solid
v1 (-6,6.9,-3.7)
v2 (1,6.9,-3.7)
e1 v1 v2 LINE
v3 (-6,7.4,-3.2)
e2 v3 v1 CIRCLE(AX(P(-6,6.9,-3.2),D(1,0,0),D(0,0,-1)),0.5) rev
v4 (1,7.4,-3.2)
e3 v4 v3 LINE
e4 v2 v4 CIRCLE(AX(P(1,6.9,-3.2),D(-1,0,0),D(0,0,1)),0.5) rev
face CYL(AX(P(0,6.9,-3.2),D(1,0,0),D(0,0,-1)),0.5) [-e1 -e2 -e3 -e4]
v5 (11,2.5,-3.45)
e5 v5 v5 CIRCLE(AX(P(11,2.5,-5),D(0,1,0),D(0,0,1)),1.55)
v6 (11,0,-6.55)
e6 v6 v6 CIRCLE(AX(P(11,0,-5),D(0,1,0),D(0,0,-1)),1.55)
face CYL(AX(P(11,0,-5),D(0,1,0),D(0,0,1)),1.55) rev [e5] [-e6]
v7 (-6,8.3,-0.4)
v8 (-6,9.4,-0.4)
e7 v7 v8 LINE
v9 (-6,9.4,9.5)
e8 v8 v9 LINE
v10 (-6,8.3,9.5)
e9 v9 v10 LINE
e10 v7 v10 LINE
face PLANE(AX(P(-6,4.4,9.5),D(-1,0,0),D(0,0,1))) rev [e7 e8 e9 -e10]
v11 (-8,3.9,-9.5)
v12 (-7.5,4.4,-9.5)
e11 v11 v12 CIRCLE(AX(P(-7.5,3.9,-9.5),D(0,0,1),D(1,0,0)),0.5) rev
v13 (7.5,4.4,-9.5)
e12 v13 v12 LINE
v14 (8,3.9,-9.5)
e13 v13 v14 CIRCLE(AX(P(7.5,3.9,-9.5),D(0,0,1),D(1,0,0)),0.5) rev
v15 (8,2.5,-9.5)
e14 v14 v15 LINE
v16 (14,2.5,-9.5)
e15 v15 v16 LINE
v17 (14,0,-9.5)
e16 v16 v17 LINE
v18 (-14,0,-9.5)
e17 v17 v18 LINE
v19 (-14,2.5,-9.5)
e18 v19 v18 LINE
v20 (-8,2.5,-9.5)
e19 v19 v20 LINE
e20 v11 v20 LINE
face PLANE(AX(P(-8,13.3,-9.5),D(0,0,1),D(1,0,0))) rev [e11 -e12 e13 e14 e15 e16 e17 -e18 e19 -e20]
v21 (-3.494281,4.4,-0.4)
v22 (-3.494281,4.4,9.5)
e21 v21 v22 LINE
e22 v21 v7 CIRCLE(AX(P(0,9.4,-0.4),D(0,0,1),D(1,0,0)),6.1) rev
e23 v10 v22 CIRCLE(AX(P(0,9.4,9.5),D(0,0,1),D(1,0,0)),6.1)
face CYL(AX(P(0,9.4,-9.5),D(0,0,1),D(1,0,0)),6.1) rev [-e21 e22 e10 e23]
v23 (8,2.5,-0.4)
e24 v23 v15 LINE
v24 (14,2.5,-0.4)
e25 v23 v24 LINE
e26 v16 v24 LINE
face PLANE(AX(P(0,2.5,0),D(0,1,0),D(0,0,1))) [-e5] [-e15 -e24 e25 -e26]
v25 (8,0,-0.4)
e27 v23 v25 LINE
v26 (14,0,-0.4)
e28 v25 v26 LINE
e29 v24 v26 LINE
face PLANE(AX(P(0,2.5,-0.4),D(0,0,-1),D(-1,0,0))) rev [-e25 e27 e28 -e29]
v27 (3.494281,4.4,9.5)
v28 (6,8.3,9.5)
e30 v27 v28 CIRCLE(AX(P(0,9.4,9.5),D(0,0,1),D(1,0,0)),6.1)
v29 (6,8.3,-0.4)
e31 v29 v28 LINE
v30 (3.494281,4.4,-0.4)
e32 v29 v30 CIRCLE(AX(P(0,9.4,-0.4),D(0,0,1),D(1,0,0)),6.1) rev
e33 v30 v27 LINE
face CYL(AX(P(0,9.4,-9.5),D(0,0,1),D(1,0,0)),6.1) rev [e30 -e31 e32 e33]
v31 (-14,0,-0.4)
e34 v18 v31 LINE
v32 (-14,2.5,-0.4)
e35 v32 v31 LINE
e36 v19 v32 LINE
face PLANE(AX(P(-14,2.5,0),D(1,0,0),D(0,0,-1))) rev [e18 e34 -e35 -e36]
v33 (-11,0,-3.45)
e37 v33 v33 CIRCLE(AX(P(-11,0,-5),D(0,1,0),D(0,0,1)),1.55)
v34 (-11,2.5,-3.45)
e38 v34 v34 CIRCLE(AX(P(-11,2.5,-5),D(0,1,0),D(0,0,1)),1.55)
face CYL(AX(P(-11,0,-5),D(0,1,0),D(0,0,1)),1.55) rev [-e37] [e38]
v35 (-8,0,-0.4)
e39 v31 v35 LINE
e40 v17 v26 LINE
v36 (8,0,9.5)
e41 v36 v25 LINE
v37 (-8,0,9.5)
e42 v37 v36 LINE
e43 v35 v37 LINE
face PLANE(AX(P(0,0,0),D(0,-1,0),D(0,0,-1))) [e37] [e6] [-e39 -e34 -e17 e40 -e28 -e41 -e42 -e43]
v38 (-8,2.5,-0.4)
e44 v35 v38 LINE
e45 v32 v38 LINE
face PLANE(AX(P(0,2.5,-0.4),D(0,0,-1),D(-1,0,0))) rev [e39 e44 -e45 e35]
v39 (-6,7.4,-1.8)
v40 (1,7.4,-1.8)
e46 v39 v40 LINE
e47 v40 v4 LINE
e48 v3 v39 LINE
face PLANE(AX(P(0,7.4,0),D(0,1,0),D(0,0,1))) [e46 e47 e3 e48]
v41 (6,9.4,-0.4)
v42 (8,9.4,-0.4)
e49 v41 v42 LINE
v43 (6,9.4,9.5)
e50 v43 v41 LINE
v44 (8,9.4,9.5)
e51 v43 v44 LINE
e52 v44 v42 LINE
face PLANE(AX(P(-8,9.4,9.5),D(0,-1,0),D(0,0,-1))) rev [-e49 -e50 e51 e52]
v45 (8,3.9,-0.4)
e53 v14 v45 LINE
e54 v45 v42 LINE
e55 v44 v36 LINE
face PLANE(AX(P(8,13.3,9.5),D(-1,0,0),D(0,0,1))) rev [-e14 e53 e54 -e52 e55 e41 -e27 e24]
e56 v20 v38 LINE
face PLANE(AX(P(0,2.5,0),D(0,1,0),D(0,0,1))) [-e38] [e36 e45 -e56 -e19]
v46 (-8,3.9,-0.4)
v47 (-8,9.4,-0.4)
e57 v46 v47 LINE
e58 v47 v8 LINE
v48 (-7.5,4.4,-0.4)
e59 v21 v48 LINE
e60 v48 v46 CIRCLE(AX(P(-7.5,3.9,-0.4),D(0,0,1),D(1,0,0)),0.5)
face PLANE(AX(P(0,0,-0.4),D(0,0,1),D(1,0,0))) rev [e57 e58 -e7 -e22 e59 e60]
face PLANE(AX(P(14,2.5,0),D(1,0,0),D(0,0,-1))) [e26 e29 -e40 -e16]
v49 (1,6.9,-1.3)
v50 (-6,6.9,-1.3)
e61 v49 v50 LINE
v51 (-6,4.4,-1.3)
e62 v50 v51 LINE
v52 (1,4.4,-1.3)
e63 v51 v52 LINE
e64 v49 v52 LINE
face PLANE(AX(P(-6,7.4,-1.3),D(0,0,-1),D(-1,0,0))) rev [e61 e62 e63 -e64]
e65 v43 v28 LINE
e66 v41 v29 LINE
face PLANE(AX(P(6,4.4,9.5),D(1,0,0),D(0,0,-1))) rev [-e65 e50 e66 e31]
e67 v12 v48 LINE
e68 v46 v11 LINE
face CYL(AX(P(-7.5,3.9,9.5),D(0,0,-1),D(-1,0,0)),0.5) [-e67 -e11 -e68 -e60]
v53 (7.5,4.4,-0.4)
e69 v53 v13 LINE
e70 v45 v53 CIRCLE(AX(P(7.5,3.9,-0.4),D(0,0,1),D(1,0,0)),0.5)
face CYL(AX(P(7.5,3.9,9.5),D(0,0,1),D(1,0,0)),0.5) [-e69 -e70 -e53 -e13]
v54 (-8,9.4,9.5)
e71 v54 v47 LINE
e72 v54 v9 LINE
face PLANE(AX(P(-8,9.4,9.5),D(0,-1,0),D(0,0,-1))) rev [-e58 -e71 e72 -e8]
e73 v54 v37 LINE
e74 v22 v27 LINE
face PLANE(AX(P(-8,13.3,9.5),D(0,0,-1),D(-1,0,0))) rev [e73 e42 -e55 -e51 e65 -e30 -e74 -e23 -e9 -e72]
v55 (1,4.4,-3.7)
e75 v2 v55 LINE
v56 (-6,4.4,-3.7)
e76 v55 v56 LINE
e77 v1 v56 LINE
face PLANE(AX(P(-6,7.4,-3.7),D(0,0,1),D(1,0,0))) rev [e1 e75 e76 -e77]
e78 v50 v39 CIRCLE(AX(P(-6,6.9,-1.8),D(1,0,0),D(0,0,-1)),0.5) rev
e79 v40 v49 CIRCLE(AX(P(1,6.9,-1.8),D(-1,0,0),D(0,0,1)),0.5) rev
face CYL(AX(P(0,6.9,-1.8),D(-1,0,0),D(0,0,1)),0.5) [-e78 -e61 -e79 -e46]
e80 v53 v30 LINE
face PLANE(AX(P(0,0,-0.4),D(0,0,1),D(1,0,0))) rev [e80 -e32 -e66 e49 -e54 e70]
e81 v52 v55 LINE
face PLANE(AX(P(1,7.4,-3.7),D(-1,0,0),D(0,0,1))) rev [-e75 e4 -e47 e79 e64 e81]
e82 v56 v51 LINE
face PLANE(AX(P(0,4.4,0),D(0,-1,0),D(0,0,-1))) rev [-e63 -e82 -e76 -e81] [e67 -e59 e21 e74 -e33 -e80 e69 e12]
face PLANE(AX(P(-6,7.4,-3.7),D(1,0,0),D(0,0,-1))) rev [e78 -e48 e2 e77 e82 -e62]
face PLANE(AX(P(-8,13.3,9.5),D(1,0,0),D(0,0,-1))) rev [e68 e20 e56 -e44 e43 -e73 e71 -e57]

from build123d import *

# Parameters (mm, degrees)
SKETCH2_W                = 16
SKETCH2_H                = 19
BOSS_EXTRUDE1_DEPTH      = 13.3
SKETCH3_W                = 12
SKETCH3_H                = 19
CUT_EXTRUDE1_DEPTH       = 8.9
CUT_EXTRUDE2_DEPTH       = 19.19725254
CUT_EXTRUDE2_DEPTH_BACK  = 19.19725254
SKETCH4_W                = 9.9
SKETCH4_H                = 3.9
SKETCH6_W                = 14
SKETCH6_H                = 9.1
BOSS_EXTRUDE2_DEPTH      = 2.5
CUT_EXTRUDE4_DEPTH       = 21.072119968
CUT_EXTRUDE4_DEPTH_BACK  = 21.072119968
SKETCH7_R                = 1.55
BOSS_EXTRUDE3_DEPTH      = 9.5
BOSS_EXTRUDE3_DEPTH_BACK = 9.1
SKETCH14_W               = 12
SKETCH14_H               = 8.9
CUT_EXTRUDE9_DEPTH       = 22.520687721
CUT_EXTRUDE9_DEPTH_BACK  = 22.520687721
FILLET4_R                = 0.9
SKETCH16_W               = 16.145602647
SKETCH16_H               = 8.9
CUT_EXTRUDE10_DEPTH      = 9.1
SKETCH17_W               = 7
SKETCH17_H               = 2.4
BOSS_EXTRUDE4_DEPTH      = 3
FILLET6_R                = 0.5
FILLET7_R                = 0.5
FILLET8_R                = 0.5


with BuildPart() as part:
    # Sketch2 → Boss-Extrude1 (new body)
    with BuildSketch(Plane(origin=(0, 0, 0), x_dir=(1, 0, 0), z_dir=(0, 1, 0))):
        Rectangle(SKETCH2_W, SKETCH2_H)
    extrude(amount=BOSS_EXTRUDE1_DEPTH)

    # Sketch3 → Cut-Extrude1 (cut)
    with BuildSketch(Plane(origin=(0, 13.3, 0), x_dir=(1, 0, 0), z_dir=(0, 1, 0))):
        Rectangle(SKETCH3_W, SKETCH3_H)
    extrude(amount=-CUT_EXTRUDE1_DEPTH, mode=Mode.SUBTRACT)

    # Sketch4 → Cut-Extrude2 (cut, two sides: drawn at the far end of the back side and taken through both)
    with BuildSketch(Plane(origin=(0, 0, 0), x_dir=(0, 0, -1), z_dir=(1, 0, 0)).offset(-CUT_EXTRUDE2_DEPTH_BACK)):
        with Locations((-4.55, 11.35)):
            Rectangle(SKETCH4_W, SKETCH4_H)
    extrude(amount=CUT_EXTRUDE2_DEPTH + CUT_EXTRUDE2_DEPTH_BACK, mode=Mode.SUBTRACT)

    # Sketch6 → Boss-Extrude2 (add)
    with BuildSketch(Plane(origin=(0, 0, 0), x_dir=(1, 0, 0), z_dir=(0, 1, 0))):
        with Locations((7, 4.95)):
            Rectangle(SKETCH6_W, SKETCH6_H)
        with Locations((-7, 4.95)):
            Rectangle(SKETCH6_W, SKETCH6_H)
    extrude(amount=BOSS_EXTRUDE2_DEPTH)

    # Sketch7 → Cut-Extrude4 (cut, two sides: drawn at the far end of the back side and taken through both)
    with BuildSketch(Plane(origin=(0, 2.5, 0), x_dir=(1, 0, 0), z_dir=(0, 1, 0)).offset(-CUT_EXTRUDE4_DEPTH_BACK)):
        with Locations(Location((-11, 5, 0), (0, 0, 270))):
            Circle(SKETCH7_R)
        with Locations(Location((11, 5, 0), (0, 0, 270))):
            Circle(SKETCH7_R)
    extrude(amount=CUT_EXTRUDE4_DEPTH + CUT_EXTRUDE4_DEPTH_BACK, mode=Mode.SUBTRACT)

    # Sketch14 → Boss-Extrude3 (add, two sides: drawn at the far end of the back side and taken through both)
    with BuildSketch(Plane.XY.offset(-BOSS_EXTRUDE3_DEPTH_BACK)):
        with Locations((0, 8.85)):
            Rectangle(SKETCH14_W, SKETCH14_H)
    extrude(amount=BOSS_EXTRUDE3_DEPTH + BOSS_EXTRUDE3_DEPTH_BACK)

    # Sketch15 → Cut-Extrude9 (cut, two sides: drawn at the far end of the back side and taken through both)
    with BuildSketch(Plane.XY.offset(-CUT_EXTRUDE9_DEPTH_BACK)):
        with BuildLine():
            ThreePointArc((-6, 8.3), (-5.132040834, 6.102704612), (-3.494281042, 4.4))
            Line((-3.494281042, 4.4), (3.494281042, 4.4))
            ThreePointArc((3.494281042, 4.4), (5.132040834, 6.102704612), (6, 8.3))
            Line((6, 8.3), (6, 13.3))
            Line((6, 13.3), (-6, 13.3))
            Line((-6, 13.3), (-6, 8.3))
        make_face()
    extrude(amount=CUT_EXTRUDE9_DEPTH + CUT_EXTRUDE9_DEPTH_BACK, mode=Mode.SUBTRACT)

    # Fillet4
    fillet4_edges = [part.edges().sort_by_distance(p)[0] for p in [
        (-6, 4.4, -9.3),
        (6, 4.4, -9.3),
    ]]
    fillet(fillet4_edges, radius=FILLET4_R)

    # Sketch16 → Cut-Extrude10 (cut)
    with BuildSketch(Plane(origin=(0, 0, -9.5), x_dir=(-1, 0, 0), z_dir=(0, 0, -1))):
        with Locations((-0.072801324, 8.85)):
            Rectangle(SKETCH16_W, SKETCH16_H)
    extrude(amount=-CUT_EXTRUDE10_DEPTH, mode=Mode.SUBTRACT)

    # Sketch17 → Boss-Extrude4 (add)
    with BuildSketch(Plane(origin=(0, 4.4, 0), x_dir=(1, 0, 0), z_dir=(0, 1, 0))):
        with Locations((-2.5, 2.5)):
            Rectangle(SKETCH17_W, SKETCH17_H)
    extrude(amount=BOSS_EXTRUDE4_DEPTH)

    # Fillet6
    fillet6_edges = [part.edges().sort_by_distance(p)[0] for p in [
        (-2.5, 7.4, -3.7),
    ]]
    fillet(fillet6_edges, radius=FILLET6_R)

    # Fillet7
    fillet7_edges = [part.edges().sort_by_distance(p)[0] for p in [
        (-2.5, 7.4, -1.3),
    ]]
    fillet(fillet7_edges, radius=FILLET7_R)

    # Fillet8
    fillet8_edges = [part.edges().sort_by_distance(p)[0] for p in [
        (8, 4.4, -4.95),
        (-8, 4.4, -4.95),
    ]]
    fillet(fillet8_edges, radius=FILLET8_R)


solid = part.part
